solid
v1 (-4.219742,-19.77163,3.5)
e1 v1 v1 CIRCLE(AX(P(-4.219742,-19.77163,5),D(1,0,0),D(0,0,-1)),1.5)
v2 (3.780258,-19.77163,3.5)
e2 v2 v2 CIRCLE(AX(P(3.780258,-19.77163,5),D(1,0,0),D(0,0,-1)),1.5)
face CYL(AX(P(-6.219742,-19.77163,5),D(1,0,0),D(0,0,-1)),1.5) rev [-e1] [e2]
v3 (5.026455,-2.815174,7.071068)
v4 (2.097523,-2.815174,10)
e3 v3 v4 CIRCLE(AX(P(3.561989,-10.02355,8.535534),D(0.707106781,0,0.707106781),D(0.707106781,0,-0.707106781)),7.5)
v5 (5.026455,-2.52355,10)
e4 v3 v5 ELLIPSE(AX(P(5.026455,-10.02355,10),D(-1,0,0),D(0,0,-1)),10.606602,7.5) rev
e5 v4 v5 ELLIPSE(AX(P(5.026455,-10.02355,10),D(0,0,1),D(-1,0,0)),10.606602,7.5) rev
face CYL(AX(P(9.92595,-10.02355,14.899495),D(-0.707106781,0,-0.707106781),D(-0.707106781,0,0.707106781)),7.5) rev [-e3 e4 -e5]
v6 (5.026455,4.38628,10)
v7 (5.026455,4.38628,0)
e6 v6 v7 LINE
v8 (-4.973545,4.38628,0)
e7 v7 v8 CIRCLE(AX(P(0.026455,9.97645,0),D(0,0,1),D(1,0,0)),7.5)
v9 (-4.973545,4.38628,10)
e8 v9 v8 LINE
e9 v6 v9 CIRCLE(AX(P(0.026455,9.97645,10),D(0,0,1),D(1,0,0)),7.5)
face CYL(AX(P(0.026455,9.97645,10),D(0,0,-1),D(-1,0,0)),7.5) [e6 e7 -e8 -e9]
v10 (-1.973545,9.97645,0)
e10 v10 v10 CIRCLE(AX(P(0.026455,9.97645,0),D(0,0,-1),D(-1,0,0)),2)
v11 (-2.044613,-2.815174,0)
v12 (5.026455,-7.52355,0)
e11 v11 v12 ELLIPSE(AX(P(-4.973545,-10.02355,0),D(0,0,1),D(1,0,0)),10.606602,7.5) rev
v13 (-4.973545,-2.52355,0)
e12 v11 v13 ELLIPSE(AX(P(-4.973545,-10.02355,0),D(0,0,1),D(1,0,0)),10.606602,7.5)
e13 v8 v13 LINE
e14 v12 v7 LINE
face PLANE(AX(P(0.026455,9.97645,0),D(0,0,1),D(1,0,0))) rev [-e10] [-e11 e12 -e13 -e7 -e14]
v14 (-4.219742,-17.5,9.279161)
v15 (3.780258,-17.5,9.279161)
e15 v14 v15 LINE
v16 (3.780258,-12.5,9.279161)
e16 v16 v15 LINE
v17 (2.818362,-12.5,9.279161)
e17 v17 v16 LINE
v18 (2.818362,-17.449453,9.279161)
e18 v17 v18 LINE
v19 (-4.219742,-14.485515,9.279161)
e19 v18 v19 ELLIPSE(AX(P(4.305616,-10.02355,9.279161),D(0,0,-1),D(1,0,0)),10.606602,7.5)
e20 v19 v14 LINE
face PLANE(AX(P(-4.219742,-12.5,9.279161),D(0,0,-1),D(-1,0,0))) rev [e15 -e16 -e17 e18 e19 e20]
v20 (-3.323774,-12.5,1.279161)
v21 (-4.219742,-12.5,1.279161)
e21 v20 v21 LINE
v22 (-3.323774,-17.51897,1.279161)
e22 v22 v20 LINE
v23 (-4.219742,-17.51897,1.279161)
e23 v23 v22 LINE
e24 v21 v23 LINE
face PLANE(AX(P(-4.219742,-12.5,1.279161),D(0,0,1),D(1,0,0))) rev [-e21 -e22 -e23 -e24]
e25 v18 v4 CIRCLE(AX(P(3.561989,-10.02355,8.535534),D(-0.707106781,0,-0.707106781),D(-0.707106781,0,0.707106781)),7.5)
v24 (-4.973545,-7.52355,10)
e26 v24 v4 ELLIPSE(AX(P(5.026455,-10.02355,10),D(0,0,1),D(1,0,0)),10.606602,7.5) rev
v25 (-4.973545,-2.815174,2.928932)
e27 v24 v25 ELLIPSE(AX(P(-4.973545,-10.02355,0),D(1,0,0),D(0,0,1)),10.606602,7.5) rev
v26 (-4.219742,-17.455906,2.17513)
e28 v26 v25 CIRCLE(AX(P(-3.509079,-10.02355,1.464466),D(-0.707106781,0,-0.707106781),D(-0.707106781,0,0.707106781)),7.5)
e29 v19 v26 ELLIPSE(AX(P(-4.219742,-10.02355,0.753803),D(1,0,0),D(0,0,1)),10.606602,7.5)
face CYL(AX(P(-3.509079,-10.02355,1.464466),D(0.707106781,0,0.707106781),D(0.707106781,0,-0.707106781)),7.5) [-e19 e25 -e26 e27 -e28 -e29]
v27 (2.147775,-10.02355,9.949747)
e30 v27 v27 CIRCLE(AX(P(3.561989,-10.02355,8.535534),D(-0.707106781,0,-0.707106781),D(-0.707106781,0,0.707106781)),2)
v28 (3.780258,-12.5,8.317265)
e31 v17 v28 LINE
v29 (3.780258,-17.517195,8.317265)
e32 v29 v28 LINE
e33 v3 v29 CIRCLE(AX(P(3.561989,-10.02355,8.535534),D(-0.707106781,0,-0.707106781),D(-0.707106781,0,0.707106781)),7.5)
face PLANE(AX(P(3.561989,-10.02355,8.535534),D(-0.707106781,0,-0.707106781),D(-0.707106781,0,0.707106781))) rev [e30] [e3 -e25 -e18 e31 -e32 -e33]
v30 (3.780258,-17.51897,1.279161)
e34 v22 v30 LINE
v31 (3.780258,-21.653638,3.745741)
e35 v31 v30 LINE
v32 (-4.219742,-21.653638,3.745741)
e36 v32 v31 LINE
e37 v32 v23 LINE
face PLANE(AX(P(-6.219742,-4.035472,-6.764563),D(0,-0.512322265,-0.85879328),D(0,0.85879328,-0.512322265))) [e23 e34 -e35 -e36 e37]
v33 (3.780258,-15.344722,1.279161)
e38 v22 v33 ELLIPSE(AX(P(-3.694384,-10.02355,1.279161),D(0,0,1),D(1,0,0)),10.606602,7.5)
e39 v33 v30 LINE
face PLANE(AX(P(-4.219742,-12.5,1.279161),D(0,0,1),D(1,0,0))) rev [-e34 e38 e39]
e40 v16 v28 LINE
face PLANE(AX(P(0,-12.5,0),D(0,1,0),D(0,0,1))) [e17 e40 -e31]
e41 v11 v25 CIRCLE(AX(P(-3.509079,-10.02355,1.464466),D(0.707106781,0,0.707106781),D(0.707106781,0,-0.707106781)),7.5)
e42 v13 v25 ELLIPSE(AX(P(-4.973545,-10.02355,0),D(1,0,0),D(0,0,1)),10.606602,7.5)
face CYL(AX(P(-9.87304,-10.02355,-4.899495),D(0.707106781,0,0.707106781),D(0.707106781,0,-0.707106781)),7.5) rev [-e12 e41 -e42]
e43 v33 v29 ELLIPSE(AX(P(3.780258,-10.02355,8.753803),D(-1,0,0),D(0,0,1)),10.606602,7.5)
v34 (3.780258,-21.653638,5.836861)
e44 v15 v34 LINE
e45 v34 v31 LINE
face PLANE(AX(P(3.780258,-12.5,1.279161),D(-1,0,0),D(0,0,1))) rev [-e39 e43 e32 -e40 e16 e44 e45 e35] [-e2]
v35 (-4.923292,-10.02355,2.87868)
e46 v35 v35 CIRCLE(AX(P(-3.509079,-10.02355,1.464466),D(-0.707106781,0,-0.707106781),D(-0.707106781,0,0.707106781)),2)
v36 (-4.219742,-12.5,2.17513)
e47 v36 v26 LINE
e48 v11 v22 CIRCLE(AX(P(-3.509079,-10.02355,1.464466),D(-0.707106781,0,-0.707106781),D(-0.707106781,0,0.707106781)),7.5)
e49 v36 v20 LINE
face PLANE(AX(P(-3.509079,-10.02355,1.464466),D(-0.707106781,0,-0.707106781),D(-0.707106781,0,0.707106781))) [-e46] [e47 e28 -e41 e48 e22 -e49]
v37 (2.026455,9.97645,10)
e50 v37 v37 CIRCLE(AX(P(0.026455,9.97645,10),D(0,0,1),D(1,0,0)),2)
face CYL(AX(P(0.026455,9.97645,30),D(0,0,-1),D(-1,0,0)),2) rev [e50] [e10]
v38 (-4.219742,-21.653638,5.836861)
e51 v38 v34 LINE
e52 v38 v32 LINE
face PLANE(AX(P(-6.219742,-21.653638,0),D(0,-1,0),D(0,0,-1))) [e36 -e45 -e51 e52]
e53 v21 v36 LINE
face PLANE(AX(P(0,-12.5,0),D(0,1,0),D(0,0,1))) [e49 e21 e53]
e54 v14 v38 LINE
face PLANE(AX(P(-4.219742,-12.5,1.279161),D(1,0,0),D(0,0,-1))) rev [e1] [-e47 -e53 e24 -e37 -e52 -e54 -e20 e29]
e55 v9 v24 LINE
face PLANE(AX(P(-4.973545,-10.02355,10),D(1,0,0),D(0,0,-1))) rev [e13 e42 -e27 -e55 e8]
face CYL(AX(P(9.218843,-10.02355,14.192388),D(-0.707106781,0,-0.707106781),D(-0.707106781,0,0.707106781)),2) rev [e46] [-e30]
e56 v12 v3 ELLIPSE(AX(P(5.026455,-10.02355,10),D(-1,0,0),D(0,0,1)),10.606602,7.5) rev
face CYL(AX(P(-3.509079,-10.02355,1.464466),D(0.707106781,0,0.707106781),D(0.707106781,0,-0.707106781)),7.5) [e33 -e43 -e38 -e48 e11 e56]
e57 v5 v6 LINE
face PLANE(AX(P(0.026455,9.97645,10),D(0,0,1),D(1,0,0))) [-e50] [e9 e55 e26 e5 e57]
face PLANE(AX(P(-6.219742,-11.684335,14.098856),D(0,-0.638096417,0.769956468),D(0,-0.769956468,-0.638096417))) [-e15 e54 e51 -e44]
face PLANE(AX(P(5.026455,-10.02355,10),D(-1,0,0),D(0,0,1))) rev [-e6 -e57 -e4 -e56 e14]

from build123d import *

# Parameters (mm, degrees)
SKETCH1_R               = 1.5
BOSS_EXTRUDE1_DEPTH     = 10
SKETCH2_R               = 2
CUT_EXTRUDE1_DEPTH      = 30
SKETCH6_R               = 7.5
BOSS_EXTRUDE3_DEPTH     = 5
CUT_EXTRUDE4_DEPTH      = 26.013853674
CUT_EXTRUDE4_DEPTH_BACK = 26.013853674
SKETCH7_R               = 1.5
SKETCH8_R               = 2
CUT_EXTRUDE5_DEPTH      = 18
SKETCH10_R              = 7.5
CUT_EXTRUDE7_DEPTH      = 9
SKETCH11_W              = 8
SKETCH11_H              = 8
BOSS_EXTRUDE4_DEPTH     = 5
SKETCH13_R              = 1.5
CUT_EXTRUDE8_DEPTH      = 10


with BuildPart() as part:
    # Sketch1 → Boss-Extrude1 (new body)
    with BuildSketch(Plane.XY):
        with BuildLine():
            Line((5.026455026, -10.023549892), (-4.973544974, -10.023549892))
            Line((-4.973544974, -10.023549892), (-4.973544974, 4.386280164))
            ThreePointArc((-4.973544974, 4.386280164), (0.026455026, 17.476450108), (5.026455026, 4.386280164))
            Line((5.026455026, 4.386280164), (5.026455026, -10.023549892))
        make_face()
        with Locations((0.026455026, 9.976450108)):
            Circle(SKETCH1_R, mode=Mode.SUBTRACT)
    extrude(amount=BOSS_EXTRUDE1_DEPTH)

    # Sketch2 → Cut-Extrude1 (cut)
    with BuildSketch(Plane(origin=(0, 0, 0), x_dir=(-1, 0, 0), z_dir=(0, 0, -1))):
        with Locations((-0.026455026, 9.976450108)):
            Circle(SKETCH2_R)
    extrude(amount=-CUT_EXTRUDE1_DEPTH, mode=Mode.SUBTRACT)

    # Sketch6 → Boss-Extrude3 (add, symmetric)
    with BuildSketch(Plane(origin=(2.513227513, 0, 2.513227513), x_dir=(-0.7071067811865477, 0, 0.7071067811865475), z_dir=(-0.7071067811865475, 0, -0.7071067811865477))):
        with Locations((3.516827377, -10.023549892)):
            Circle(SKETCH6_R)
    extrude(amount=BOSS_EXTRUDE3_DEPTH, both=True)

    # Sketch7 → Cut-Extrude4 (cut, two sides: drawn at the far end of the back side and taken through both)
    with BuildSketch(Plane(origin=(-1.022306393, 0, -1.022306393), x_dir=(-0.7071067811865476, 0, 0.7071067811865476), z_dir=(-0.7071067811865476, 0, -0.7071067811865476)).offset(-CUT_EXTRUDE4_DEPTH_BACK)):
        with Locations((3.516827377, -10.023549892)):
            Circle(SKETCH7_R)
    extrude(amount=CUT_EXTRUDE4_DEPTH + CUT_EXTRUDE4_DEPTH_BACK, mode=Mode.SUBTRACT)

    # Sketch8 → Cut-Extrude5 (cut, symmetric)
    with BuildSketch(Plane(origin=(-1.022306393, 0, -1.022306393), x_dir=(-0.7071067811865476, 0, 0.7071067811865476), z_dir=(-0.7071067811865476, 0, -0.7071067811865476))):
        with Locations((3.516827377, -10.023549892)):
            Circle(SKETCH8_R)
    extrude(amount=CUT_EXTRUDE5_DEPTH, both=True, mode=Mode.SUBTRACT)

    # Sketch10 → Cut-Extrude7 (cut)
    with BuildSketch(Plane(origin=(6.048761419, 0, 6.048761419), x_dir=(0.7071067811865476, 0, -0.7071067811865476), z_dir=(0.7071067811865476, 0, 0.7071067811865476))):
        with Locations((-3.516827377, -10.023549892)):
            Circle(SKETCH10_R)
    cut_extrude7 = extrude(amount=CUT_EXTRUDE7_DEPTH, mode=Mode.SUBTRACT)

    # Mirror1: Cut-Extrude7 across plane
    add(cut_extrude7.mirror(Plane(origin=(2.513227513, 0, 2.513227513), x_dir=(-0.7071067811865478, 0, 0.7071067811865472), z_dir=(-0.7071067811865475, 0, -0.7071067811865477))), mode=Mode.SUBTRACT)

    # Sketch11 → Boss-Extrude4 (add, symmetric)
    with BuildSketch(Plane(origin=(0, -17.5, 0), x_dir=(1, 0, 0), z_dir=(0, 1, 0))):
        with Locations((-0.219742317, -5.27916127)):
            Rectangle(SKETCH11_W, SKETCH11_H)
    extrude(amount=BOSS_EXTRUDE4_DEPTH, both=True)

    # Sketch13 → Cut-Extrude8 (cut)
    with BuildSketch(Plane(origin=(3.780257683, 0, 0), x_dir=(0, 0, -1), z_dir=(1, 0, 0))):
        with Locations((-5, -19.771629817)):
            Circle(SKETCH13_R)
        Polygon((-5.836861044, -21.653637688), (-9.27916127, -17.5), (-9.27916127, -22.5), (-1.27916127, -22.5), (-1.27916127, -17.51897011), (-3.745741187, -21.653637688), align=None)
    extrude(amount=-CUT_EXTRUDE8_DEPTH, mode=Mode.SUBTRACT)


solid = part.part
